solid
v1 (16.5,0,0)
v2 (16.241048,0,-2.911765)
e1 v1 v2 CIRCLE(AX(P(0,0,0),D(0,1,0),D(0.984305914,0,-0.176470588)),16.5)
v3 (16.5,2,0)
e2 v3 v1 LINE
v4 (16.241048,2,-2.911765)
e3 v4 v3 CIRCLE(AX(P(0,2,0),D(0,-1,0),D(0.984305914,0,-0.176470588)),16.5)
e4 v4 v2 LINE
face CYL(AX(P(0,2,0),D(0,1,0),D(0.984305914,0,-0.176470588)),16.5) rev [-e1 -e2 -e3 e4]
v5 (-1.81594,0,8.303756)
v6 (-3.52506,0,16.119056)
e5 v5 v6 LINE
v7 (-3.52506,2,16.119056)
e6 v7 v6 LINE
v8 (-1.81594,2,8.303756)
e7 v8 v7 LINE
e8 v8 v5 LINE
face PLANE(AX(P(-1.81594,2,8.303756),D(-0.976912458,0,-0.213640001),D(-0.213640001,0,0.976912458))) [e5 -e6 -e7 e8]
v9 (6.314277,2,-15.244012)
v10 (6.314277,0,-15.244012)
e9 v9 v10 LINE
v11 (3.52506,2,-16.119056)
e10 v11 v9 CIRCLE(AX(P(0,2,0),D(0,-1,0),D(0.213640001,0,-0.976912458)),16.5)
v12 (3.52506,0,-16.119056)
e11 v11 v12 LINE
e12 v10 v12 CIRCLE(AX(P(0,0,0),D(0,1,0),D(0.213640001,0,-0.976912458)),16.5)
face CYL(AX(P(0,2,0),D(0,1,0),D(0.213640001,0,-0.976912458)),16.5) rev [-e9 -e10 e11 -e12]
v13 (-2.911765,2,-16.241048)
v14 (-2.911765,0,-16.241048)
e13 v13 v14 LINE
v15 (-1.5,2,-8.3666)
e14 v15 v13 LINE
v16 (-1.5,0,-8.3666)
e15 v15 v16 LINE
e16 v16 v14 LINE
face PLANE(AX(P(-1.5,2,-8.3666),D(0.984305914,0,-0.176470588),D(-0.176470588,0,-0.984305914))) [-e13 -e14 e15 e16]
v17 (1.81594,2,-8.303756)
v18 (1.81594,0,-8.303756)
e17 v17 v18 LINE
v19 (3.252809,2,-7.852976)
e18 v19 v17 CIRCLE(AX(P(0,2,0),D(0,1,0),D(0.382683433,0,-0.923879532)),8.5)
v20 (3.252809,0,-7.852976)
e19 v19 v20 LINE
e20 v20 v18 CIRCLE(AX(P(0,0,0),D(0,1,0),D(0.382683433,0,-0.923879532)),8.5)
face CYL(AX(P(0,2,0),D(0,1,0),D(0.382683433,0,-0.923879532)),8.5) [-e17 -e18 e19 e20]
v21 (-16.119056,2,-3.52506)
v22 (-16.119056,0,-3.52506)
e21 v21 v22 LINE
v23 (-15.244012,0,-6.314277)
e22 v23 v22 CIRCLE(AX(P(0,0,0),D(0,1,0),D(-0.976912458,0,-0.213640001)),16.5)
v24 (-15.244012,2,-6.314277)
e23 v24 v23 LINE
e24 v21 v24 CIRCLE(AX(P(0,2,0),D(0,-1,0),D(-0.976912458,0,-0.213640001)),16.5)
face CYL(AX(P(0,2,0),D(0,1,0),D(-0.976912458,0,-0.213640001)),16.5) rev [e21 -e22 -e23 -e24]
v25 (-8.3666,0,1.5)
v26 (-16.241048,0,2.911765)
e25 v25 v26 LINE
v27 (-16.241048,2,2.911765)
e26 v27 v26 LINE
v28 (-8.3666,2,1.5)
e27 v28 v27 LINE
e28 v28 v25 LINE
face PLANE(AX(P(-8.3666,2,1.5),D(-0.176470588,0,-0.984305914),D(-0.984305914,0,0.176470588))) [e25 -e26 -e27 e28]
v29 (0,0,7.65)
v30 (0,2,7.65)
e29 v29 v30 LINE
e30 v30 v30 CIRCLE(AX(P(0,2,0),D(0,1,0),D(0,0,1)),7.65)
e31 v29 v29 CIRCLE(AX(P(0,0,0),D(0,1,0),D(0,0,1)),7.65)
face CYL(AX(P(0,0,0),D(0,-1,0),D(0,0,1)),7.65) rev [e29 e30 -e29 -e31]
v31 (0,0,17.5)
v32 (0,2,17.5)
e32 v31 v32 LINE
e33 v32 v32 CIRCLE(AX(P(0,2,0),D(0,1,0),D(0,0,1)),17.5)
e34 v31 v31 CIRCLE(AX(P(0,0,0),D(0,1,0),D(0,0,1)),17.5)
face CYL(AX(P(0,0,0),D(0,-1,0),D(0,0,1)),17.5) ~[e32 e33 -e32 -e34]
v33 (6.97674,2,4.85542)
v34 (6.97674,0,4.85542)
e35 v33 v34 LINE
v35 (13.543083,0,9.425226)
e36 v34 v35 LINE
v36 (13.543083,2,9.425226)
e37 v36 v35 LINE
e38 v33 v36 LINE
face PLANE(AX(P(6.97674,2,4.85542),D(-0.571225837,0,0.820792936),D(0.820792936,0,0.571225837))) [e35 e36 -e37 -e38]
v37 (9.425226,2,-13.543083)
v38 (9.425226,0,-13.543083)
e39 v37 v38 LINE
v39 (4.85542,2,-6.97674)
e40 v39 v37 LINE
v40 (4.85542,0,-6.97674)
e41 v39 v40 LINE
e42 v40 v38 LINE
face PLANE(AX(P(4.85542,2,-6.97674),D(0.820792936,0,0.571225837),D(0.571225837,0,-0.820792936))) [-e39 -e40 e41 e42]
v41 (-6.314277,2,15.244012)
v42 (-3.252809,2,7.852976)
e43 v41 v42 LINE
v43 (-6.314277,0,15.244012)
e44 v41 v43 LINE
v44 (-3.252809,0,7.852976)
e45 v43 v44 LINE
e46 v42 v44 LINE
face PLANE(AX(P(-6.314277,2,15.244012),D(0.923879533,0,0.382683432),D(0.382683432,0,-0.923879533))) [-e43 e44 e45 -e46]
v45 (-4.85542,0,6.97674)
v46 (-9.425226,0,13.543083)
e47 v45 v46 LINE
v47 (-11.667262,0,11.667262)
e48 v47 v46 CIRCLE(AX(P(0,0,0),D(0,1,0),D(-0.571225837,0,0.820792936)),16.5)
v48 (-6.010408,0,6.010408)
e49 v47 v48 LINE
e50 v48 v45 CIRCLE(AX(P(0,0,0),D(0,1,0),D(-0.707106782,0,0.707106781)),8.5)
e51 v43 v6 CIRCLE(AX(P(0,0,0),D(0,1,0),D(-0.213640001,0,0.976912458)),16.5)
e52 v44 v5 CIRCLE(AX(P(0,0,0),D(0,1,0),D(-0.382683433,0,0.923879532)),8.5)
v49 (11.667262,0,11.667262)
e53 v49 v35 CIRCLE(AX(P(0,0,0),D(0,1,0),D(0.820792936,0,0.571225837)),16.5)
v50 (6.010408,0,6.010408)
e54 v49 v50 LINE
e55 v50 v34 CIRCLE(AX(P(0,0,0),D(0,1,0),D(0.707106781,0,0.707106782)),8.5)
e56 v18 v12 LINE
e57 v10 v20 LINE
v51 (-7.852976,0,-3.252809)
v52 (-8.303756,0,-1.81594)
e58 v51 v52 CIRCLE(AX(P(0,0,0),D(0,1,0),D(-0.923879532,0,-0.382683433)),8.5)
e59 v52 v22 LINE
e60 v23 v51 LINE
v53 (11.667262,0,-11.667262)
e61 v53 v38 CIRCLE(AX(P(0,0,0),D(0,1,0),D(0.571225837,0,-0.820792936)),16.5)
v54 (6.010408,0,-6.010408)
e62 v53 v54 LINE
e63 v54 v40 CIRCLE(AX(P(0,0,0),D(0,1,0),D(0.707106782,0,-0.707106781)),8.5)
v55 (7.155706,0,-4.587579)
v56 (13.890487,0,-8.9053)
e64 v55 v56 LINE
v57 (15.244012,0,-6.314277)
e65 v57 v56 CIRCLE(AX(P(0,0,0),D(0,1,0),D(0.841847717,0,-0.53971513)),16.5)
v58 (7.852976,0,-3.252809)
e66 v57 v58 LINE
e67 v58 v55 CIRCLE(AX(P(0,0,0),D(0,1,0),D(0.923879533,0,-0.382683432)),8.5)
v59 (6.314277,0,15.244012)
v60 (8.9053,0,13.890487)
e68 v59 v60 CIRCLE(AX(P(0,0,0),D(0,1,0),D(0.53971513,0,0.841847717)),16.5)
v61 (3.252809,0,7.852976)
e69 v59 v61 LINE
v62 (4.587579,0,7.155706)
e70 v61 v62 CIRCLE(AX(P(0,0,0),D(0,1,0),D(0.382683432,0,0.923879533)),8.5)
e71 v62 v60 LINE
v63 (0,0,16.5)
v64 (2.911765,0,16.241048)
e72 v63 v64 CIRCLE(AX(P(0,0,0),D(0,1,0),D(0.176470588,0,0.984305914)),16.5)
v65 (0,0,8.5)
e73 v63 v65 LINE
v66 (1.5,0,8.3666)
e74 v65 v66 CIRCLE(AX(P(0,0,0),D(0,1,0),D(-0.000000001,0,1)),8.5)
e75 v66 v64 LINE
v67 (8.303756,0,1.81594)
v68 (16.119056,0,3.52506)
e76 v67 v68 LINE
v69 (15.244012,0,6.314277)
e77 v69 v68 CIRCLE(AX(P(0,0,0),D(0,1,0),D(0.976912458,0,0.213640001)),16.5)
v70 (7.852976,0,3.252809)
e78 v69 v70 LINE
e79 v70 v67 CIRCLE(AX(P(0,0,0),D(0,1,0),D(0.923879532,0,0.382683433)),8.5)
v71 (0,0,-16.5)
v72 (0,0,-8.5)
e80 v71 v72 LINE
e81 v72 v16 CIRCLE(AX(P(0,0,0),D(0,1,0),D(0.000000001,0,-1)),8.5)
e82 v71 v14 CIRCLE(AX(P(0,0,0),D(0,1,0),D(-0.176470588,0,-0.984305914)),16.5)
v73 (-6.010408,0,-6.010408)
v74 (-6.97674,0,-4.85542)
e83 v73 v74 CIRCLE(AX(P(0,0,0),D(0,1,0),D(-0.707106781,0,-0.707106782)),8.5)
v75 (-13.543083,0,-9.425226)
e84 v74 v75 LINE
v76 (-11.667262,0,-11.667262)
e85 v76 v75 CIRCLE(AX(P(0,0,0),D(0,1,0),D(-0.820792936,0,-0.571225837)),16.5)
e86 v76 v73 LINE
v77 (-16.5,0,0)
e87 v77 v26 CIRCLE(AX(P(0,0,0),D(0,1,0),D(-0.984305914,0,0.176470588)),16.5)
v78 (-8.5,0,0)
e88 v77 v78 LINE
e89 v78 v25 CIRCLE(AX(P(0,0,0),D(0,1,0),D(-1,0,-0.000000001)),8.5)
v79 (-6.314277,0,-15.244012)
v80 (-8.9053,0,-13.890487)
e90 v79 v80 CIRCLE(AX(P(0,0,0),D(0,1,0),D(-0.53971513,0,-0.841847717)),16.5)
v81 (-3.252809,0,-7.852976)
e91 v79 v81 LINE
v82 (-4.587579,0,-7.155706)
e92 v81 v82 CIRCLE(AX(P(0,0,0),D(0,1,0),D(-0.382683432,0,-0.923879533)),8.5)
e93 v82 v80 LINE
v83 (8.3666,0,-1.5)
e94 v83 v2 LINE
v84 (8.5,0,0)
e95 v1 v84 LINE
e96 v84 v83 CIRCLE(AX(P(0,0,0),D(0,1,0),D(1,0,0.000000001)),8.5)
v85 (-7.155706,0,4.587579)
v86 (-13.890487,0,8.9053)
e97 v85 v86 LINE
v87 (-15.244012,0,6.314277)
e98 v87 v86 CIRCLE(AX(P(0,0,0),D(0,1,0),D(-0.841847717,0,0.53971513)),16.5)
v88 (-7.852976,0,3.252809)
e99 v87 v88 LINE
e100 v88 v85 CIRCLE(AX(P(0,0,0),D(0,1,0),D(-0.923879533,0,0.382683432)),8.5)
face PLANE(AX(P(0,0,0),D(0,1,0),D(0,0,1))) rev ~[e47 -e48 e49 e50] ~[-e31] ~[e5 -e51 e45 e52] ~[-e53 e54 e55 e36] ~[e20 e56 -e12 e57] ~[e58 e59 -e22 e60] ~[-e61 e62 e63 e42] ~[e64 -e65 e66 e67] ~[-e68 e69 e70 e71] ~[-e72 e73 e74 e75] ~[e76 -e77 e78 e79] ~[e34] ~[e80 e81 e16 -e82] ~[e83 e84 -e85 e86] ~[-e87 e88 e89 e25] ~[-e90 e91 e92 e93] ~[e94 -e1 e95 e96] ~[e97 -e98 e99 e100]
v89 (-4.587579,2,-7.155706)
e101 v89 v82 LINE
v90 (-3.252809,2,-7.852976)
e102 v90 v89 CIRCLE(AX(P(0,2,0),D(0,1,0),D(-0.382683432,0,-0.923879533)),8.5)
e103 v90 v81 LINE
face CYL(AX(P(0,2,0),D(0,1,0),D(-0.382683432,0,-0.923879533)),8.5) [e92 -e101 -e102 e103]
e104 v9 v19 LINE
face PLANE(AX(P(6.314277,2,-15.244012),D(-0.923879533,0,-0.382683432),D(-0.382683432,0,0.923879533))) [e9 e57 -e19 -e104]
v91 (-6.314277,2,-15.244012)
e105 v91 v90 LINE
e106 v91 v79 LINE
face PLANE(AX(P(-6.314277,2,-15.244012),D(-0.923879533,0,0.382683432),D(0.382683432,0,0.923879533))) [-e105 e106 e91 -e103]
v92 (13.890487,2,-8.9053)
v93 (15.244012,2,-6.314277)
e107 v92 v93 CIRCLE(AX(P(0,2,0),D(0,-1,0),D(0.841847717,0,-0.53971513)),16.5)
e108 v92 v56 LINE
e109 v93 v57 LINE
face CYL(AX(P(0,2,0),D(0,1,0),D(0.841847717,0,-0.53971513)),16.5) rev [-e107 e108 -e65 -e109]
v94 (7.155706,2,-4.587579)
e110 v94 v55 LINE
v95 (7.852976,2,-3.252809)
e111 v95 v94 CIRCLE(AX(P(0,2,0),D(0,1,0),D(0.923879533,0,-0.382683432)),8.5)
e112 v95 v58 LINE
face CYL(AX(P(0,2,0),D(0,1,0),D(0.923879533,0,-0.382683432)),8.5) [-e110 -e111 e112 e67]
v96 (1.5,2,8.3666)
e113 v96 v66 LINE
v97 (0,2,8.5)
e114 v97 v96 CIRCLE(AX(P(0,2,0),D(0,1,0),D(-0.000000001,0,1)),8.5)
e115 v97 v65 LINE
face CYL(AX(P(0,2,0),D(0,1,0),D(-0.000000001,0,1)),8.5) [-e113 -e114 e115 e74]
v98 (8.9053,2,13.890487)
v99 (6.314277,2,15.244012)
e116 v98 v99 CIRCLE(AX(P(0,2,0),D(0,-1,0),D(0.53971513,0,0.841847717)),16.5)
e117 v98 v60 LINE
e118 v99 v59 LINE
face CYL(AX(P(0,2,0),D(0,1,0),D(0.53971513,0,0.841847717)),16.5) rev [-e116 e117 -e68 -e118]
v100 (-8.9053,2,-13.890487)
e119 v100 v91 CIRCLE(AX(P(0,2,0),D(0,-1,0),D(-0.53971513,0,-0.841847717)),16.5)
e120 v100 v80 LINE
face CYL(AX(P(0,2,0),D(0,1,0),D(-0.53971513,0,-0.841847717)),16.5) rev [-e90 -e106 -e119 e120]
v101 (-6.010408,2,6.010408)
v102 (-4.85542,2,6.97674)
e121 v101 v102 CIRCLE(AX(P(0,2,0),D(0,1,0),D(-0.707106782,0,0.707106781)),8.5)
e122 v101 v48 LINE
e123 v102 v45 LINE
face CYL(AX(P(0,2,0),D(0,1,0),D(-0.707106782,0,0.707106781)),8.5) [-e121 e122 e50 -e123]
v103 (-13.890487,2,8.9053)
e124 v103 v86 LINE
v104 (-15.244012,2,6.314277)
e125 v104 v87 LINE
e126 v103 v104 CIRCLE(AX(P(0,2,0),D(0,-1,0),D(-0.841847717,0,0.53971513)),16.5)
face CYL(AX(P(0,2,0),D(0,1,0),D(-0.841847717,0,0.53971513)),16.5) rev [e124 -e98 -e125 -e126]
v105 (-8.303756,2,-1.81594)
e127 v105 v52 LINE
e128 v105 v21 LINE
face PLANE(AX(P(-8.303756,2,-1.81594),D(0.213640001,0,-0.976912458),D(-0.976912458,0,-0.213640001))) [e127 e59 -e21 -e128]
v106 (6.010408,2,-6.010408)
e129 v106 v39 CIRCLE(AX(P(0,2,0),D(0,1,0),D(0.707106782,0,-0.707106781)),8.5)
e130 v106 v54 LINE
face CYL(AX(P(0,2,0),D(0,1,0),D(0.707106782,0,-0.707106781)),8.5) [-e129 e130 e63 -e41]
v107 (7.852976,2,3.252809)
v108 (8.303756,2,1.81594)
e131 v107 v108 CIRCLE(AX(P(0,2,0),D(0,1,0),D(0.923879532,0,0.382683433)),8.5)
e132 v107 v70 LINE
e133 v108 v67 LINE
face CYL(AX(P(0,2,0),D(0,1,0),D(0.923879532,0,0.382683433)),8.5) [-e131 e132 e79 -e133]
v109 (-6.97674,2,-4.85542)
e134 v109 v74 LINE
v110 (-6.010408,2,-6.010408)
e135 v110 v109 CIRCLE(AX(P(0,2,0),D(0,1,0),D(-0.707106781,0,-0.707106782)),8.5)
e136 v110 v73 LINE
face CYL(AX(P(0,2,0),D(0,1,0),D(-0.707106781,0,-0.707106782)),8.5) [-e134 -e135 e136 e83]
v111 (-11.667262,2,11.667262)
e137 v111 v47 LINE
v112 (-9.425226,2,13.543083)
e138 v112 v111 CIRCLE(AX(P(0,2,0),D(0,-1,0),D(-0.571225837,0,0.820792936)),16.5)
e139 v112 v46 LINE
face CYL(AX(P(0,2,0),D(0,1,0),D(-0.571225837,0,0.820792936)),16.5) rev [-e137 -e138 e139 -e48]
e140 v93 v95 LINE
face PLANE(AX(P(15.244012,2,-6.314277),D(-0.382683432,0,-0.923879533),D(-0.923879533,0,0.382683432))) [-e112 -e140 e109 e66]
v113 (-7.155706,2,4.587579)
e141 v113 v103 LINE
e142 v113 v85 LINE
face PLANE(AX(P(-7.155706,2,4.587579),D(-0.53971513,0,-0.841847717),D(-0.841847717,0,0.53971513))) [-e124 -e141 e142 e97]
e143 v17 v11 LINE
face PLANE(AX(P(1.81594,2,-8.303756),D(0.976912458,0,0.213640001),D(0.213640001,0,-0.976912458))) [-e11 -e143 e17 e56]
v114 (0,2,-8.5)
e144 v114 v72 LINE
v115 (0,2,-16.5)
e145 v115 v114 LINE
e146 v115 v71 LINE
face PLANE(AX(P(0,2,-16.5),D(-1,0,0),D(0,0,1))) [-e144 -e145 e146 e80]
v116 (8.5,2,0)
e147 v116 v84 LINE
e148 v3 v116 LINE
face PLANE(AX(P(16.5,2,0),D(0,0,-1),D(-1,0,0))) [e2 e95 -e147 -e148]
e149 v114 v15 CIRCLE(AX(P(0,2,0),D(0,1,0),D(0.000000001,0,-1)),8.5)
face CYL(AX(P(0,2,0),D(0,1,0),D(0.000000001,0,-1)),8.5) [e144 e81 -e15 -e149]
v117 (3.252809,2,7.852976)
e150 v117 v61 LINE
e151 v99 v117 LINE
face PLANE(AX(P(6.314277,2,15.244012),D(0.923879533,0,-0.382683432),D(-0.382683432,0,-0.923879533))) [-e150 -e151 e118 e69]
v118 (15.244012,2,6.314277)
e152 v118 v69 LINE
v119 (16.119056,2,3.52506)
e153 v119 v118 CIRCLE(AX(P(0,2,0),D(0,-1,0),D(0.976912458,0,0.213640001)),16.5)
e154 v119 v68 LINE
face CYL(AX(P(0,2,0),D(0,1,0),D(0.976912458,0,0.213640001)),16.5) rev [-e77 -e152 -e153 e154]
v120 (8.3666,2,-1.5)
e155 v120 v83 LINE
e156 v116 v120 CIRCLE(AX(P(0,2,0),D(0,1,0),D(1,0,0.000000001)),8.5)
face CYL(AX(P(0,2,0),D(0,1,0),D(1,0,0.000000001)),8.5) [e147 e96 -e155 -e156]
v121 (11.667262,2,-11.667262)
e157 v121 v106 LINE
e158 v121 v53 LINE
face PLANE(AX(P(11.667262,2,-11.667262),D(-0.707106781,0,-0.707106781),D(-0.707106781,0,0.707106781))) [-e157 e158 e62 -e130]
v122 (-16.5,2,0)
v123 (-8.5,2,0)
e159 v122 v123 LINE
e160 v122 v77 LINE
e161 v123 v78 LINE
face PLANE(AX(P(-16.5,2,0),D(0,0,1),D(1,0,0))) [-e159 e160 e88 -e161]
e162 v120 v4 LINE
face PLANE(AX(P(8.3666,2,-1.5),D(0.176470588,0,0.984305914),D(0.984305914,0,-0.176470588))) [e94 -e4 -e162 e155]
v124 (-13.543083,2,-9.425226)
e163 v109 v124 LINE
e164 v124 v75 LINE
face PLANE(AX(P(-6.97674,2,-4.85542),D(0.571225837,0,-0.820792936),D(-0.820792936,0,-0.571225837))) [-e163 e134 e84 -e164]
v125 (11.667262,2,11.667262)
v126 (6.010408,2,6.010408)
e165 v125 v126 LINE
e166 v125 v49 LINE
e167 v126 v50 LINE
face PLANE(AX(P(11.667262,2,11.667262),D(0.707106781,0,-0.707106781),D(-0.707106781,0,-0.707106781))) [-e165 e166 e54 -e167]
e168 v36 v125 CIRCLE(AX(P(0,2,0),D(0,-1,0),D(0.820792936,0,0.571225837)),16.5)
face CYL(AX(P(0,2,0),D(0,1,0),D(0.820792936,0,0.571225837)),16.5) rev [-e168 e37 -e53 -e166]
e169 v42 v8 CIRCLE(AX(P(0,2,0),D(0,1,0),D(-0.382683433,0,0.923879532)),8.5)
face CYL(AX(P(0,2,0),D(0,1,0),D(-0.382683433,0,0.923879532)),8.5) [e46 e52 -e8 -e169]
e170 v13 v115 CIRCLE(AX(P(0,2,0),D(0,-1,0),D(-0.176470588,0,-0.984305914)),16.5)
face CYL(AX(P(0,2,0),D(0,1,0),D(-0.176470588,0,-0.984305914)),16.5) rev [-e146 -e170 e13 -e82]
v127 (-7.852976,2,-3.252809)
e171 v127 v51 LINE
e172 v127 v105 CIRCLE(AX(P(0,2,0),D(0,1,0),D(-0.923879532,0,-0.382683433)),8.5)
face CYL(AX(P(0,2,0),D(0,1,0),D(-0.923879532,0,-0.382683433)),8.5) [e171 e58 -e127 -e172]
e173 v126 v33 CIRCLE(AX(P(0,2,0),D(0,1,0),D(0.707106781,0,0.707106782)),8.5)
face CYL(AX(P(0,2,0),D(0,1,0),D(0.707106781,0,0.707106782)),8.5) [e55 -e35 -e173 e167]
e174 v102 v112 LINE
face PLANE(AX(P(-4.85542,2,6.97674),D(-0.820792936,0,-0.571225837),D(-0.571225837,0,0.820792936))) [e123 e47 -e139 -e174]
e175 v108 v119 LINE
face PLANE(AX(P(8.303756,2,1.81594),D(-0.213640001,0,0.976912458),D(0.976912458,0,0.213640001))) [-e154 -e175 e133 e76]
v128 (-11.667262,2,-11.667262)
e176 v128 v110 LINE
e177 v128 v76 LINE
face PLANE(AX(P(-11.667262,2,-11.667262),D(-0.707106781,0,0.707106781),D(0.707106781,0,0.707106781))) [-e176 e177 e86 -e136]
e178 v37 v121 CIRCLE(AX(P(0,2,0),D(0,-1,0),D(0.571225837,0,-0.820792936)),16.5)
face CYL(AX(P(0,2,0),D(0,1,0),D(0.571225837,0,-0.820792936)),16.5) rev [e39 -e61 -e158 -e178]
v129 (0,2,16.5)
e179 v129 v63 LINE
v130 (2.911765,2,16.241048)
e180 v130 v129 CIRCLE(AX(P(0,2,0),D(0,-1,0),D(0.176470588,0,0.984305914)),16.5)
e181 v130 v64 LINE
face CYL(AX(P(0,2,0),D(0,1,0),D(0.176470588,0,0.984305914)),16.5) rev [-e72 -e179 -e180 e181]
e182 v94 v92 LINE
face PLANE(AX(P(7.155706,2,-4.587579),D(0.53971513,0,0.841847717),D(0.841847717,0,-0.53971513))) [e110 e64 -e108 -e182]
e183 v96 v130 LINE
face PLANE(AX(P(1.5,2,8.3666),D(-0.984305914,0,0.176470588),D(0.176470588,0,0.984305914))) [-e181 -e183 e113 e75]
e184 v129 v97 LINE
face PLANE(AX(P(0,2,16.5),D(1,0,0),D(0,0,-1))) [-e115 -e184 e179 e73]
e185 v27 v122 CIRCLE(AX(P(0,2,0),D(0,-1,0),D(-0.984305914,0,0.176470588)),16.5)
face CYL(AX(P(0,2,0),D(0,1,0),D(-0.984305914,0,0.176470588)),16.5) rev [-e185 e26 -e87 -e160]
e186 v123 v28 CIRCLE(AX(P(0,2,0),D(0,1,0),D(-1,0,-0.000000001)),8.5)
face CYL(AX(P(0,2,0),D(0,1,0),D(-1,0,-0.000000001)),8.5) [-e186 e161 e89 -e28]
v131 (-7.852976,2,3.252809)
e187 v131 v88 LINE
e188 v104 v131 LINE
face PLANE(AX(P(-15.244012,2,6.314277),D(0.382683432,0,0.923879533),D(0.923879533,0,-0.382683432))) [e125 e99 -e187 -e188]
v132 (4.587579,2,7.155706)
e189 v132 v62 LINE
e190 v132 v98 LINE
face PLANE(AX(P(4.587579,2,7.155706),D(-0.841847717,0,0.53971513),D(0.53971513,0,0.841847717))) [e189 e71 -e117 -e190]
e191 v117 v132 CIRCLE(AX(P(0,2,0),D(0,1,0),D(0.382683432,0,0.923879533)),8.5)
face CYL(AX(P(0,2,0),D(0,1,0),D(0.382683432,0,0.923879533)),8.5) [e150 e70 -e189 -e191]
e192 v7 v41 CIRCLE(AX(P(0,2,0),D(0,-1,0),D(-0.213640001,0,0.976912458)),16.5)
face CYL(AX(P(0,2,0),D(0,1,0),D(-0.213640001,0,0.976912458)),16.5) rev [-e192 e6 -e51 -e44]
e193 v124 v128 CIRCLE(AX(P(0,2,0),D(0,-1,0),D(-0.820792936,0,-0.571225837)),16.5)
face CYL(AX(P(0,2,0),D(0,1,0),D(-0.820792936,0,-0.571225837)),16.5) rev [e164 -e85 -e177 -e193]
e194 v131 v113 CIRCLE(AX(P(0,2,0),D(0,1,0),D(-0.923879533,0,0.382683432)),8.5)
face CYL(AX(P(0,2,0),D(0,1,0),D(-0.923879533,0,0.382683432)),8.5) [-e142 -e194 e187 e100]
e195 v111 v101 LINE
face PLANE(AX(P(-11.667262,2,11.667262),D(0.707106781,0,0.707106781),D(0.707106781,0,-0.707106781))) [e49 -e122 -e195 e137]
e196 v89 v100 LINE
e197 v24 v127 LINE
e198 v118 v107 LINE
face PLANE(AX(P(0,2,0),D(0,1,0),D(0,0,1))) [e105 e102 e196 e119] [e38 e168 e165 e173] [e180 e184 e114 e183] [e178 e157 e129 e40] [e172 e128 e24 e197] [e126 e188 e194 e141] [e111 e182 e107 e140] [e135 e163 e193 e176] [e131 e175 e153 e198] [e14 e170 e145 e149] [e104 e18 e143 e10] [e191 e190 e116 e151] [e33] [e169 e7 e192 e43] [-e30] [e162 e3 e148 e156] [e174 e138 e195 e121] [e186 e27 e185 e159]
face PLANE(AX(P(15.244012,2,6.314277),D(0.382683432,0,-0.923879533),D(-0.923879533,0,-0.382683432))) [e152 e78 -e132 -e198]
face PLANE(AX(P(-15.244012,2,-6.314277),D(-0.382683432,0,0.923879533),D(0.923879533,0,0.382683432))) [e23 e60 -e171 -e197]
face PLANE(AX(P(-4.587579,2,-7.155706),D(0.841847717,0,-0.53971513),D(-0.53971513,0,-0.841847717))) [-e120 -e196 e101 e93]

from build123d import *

# Parameters (mm, degrees)
SKETCH3_R           = 17.5
SKETCH3_R_2         = 7.65
BOSS_EXTRUDE2_DEPTH = 2
CUT_EXTRUDE1_DEPTH  = 10
CIRPATTERN1_COUNT   = 16


with BuildPart() as part:
    # Sketch3 → Boss-Extrude2 (new body)
    with BuildSketch(Plane(origin=(0, 0, 0), x_dir=(1, 0, 0), z_dir=(0, 1, 0))):
        with Locations(Location((0, 0, 0), (0, 0, 270))):
            Circle(SKETCH3_R)
        with Locations(Location((0, 0, 0), (0, 0, 270))):
            Circle(SKETCH3_R_2, mode=Mode.SUBTRACT)
    extrude(amount=BOSS_EXTRUDE2_DEPTH)

    # Sketch4 → Cut-Extrude1 (cut)
    with BuildSketch(Plane(origin=(0, 2, 0), x_dir=(1, 0, 0), z_dir=(0, 1, 0))):
        with BuildLine():
            Line((1.5, -8.366600265), (2.911764706, -16.241047574))
            ThreePointArc((2.911764706, -16.241047574), (1.461628378, -16.435134392), (0, -16.5))
            Line((0, -16.5), (0, -8.5))
            ThreePointArc((0, -8.5), (0.752960074, -8.466584384), (1.5, -8.366600265))
        make_face()
    cut_extrude1 = extrude(amount=-CUT_EXTRUDE1_DEPTH, mode=Mode.SUBTRACT)

    # CirPattern1: Cut-Extrude1 ×16 about axis
    cirpattern1_axis = Axis((0, 0, 0), (0, 1, 0))
    for i in range(1, CIRPATTERN1_COUNT):
        add(cut_extrude1.rotate(cirpattern1_axis, i * 360 / CIRPATTERN1_COUNT), mode=Mode.SUBTRACT)


solid = part.part
